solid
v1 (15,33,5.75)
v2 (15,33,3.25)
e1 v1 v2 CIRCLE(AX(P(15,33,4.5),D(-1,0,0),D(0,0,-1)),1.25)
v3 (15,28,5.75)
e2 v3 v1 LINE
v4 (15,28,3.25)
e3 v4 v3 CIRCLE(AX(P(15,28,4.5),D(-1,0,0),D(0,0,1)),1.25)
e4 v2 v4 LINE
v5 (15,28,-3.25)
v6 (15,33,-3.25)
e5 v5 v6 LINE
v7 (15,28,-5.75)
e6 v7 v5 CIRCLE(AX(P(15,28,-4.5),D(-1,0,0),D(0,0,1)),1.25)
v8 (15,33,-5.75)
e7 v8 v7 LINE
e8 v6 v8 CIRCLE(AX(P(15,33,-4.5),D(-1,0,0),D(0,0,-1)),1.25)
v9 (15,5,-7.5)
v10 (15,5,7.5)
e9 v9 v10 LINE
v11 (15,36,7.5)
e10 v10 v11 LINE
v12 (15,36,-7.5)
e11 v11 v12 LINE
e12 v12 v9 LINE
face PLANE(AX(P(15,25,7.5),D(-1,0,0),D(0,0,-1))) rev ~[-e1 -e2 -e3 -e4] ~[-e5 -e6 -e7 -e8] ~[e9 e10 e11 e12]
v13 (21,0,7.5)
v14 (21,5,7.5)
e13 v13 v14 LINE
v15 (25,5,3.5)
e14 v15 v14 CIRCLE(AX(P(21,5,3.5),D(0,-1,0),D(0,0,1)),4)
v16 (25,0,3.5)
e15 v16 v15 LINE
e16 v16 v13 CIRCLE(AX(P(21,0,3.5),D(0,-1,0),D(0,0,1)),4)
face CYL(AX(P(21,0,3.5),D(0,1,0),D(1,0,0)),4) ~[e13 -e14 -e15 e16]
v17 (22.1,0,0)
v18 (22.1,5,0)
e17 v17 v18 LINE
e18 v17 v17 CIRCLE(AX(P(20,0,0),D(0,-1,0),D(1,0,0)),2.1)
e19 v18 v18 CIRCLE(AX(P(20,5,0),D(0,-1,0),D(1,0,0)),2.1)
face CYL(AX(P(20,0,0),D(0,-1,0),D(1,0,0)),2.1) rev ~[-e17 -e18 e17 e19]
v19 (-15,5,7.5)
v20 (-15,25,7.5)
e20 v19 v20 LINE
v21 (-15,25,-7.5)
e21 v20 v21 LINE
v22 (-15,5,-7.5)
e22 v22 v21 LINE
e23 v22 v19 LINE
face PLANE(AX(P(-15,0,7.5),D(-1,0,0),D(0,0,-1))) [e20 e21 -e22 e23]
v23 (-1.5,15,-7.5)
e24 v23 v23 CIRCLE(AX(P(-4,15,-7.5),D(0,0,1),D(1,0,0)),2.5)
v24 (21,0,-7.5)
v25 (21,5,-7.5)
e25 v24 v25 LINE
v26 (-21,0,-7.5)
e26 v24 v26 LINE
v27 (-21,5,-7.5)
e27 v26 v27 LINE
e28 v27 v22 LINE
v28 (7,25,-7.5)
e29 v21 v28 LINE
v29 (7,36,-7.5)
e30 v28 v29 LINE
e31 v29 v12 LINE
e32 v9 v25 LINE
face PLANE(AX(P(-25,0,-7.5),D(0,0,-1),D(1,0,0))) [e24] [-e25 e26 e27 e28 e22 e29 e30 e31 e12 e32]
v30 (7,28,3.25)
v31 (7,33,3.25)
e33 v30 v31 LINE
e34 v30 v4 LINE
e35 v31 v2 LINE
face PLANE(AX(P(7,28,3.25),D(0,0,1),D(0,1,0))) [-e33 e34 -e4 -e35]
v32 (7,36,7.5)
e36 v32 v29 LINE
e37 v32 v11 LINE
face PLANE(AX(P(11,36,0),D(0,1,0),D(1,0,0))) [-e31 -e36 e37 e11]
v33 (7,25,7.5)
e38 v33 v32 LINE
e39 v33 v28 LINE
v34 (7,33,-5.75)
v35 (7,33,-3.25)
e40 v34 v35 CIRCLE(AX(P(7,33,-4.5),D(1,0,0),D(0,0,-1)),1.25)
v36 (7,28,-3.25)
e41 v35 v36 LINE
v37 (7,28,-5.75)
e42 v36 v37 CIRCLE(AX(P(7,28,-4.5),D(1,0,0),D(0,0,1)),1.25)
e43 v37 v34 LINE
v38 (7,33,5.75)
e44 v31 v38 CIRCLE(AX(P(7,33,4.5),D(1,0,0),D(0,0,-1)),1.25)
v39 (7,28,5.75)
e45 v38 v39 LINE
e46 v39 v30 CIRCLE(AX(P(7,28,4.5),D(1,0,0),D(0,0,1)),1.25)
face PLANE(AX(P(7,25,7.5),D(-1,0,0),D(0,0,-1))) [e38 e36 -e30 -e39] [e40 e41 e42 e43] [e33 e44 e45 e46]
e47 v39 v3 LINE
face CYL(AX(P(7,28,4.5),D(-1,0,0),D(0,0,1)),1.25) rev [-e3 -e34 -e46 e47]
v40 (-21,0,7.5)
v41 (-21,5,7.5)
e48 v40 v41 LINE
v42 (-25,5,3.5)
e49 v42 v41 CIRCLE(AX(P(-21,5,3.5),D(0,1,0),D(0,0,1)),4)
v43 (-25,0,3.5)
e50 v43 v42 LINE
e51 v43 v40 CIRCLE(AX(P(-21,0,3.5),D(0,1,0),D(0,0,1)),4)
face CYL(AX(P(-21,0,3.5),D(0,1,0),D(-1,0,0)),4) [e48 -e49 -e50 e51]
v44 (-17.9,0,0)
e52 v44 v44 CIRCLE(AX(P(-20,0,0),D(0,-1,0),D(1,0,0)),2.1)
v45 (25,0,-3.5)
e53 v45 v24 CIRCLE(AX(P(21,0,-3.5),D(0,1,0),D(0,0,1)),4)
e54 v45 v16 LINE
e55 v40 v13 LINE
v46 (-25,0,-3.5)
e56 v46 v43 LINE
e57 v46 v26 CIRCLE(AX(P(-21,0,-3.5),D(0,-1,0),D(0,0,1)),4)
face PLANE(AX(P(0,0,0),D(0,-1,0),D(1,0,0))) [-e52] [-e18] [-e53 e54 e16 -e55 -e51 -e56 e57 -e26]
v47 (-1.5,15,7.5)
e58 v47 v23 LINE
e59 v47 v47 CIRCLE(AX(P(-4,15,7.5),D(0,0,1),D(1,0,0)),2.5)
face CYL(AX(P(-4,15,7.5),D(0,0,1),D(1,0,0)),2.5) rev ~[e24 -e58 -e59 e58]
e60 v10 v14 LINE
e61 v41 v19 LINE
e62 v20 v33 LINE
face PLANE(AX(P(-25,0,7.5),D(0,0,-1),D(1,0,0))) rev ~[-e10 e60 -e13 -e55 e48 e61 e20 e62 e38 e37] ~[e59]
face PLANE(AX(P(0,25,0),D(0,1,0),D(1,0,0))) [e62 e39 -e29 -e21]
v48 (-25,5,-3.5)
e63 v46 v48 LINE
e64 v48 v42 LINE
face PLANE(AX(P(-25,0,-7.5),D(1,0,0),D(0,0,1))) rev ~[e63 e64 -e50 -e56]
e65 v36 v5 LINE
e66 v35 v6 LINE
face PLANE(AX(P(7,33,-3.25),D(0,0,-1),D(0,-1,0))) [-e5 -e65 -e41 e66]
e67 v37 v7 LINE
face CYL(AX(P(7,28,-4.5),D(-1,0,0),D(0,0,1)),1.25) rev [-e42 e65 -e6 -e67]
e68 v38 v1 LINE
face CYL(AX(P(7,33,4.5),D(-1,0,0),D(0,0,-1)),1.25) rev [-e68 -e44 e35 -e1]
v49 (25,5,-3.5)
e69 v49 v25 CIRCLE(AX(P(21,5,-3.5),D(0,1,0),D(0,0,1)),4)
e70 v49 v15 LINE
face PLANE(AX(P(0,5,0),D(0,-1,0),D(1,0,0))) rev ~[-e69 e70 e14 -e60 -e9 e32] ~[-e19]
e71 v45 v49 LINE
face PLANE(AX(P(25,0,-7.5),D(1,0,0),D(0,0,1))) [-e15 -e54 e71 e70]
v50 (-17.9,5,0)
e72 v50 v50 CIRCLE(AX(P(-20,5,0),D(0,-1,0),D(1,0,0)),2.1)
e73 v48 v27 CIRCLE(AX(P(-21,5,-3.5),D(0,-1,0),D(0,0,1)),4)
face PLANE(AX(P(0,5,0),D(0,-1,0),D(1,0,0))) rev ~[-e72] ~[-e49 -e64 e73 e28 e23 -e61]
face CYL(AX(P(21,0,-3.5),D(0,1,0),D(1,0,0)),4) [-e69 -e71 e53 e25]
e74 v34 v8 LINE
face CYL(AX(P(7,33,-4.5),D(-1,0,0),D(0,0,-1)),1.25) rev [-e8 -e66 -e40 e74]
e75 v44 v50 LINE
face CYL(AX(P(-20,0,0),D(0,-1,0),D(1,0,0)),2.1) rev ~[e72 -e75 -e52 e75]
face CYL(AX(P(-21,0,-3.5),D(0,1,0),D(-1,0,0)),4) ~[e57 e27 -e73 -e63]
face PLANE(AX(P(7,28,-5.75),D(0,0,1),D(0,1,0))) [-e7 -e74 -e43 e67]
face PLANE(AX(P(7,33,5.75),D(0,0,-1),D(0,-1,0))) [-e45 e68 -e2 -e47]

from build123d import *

# Parameters (mm, degrees)
ESQUISSE2_W             = 30
ESQUISSE2_H             = 15
BOSS_EXTRU_1_DEPTH      = 25
ESQUISSE3_W             = 8
ESQUISSE3_H             = 15
BOSS_EXTRU_2_DEPTH      = 11
ENL_V_MAT_EXTRU_1_REACH = 17
ESQUISSE4_R             = 2.5
ENL_V_MAT_EXTRU_2_REACH = 10
ESQUISSE7_W             = 50
ESQUISSE7_H             = 15
ESQUISSE7_R             = 2.1
BOSS_EXTRU_4_DEPTH      = 5
CONG_2_R                = 4


with BuildPart() as part:
    # Esquisse2 → Boss.-Extru.1 (new body)
    with BuildSketch(Plane(origin=(0, 0, 0), x_dir=(1, 0, 0), z_dir=(0, 1, 0))):
        Rectangle(ESQUISSE2_W, ESQUISSE2_H)
    extrude(amount=BOSS_EXTRU_1_DEPTH)

    # Esquisse3 → Boss.-Extru.2 (add)
    with BuildSketch(Plane(origin=(0, 25, 0), x_dir=(1, 0, 0), z_dir=(0, 1, 0))):
        with Locations((11, 0)):
            Rectangle(ESQUISSE3_W, ESQUISSE3_H)
    extrude(amount=BOSS_EXTRU_2_DEPTH)

    # Esquisse4 → Enlèv. mat.-Extru.1 (cut, up to next)
    with BuildSketch(Plane.XY.offset(7.5), mode=Mode.PRIVATE) as enl_v_mat_extru_1_sk1:
        with Locations((-4, 15)):
            Circle(ESQUISSE4_R)
    enl_v_mat_extru_1_tool1 = extrude(enl_v_mat_extru_1_sk1.sketch, amount=-ENL_V_MAT_EXTRU_1_REACH, mode=Mode.PRIVATE) & part.part
    add(enl_v_mat_extru_1_tool1.solids().sort_by_distance((-4, 15, 7.5))[0], mode=Mode.SUBTRACT)

    # Esquisse5 → Enlèv. mat.-Extru.2 (cut, up to next)
    with BuildSketch(Plane.ZY.offset(-7), mode=Mode.PRIVATE) as enl_v_mat_extru_2_sk1:
        with BuildLine():
            Line((5.75, 33), (5.75, 28))
            ThreePointArc((5.75, 28), (4.5, 26.75), (3.25, 28))
            Line((3.25, 28), (3.25, 33))
            ThreePointArc((3.25, 33), (4.5, 34.25), (5.75, 33))
        make_face()
    enl_v_mat_extru_2_tool1 = extrude(enl_v_mat_extru_2_sk1.sketch, amount=-ENL_V_MAT_EXTRU_2_REACH, mode=Mode.PRIVATE) & part.part
    add(enl_v_mat_extru_2_tool1.solids().sort_by_distance((7, 30.5, 4.5))[0], mode=Mode.SUBTRACT)
    # Esquisse5 → Enlèv. mat.-Extru.2 (cut, up to next)
    with BuildSketch(Plane.ZY.offset(-7), mode=Mode.PRIVATE) as enl_v_mat_extru_2_sk2:
        with BuildLine():
            Line((-3.25, 33), (-3.25, 28))
            ThreePointArc((-3.25, 28), (-4.5, 26.75), (-5.75, 28))
            Line((-5.75, 28), (-5.75, 33))
            ThreePointArc((-5.75, 33), (-4.5, 34.25), (-3.25, 33))
        make_face()
    enl_v_mat_extru_2_tool2 = extrude(enl_v_mat_extru_2_sk2.sketch, amount=-ENL_V_MAT_EXTRU_2_REACH, mode=Mode.PRIVATE) & part.part
    add(enl_v_mat_extru_2_tool2.solids().sort_by_distance((7, 30.5, -4.5))[0], mode=Mode.SUBTRACT)

    # Esquisse7 → Boss.-Extru.4 (add)
    with BuildSketch(Plane.XZ):
        Rectangle(ESQUISSE7_W, ESQUISSE7_H)
        with Locations((20, 0)):
            Circle(ESQUISSE7_R, mode=Mode.SUBTRACT)
        with Locations((-20, 0)):
            Circle(ESQUISSE7_R, mode=Mode.SUBTRACT)
    extrude(amount=-BOSS_EXTRU_4_DEPTH)

    # Congé2
    cong_2_edges = [part.edges().sort_by_distance(p)[0] for p in [
        (25, 2.5, -7.5),
        (-25, 2.5, 7.5),
        (25, 2.5, 7.5),
        (-25, 2.5, -7.5),
    ]]
    fillet(cong_2_edges, radius=CONG_2_R)


solid = part.part
